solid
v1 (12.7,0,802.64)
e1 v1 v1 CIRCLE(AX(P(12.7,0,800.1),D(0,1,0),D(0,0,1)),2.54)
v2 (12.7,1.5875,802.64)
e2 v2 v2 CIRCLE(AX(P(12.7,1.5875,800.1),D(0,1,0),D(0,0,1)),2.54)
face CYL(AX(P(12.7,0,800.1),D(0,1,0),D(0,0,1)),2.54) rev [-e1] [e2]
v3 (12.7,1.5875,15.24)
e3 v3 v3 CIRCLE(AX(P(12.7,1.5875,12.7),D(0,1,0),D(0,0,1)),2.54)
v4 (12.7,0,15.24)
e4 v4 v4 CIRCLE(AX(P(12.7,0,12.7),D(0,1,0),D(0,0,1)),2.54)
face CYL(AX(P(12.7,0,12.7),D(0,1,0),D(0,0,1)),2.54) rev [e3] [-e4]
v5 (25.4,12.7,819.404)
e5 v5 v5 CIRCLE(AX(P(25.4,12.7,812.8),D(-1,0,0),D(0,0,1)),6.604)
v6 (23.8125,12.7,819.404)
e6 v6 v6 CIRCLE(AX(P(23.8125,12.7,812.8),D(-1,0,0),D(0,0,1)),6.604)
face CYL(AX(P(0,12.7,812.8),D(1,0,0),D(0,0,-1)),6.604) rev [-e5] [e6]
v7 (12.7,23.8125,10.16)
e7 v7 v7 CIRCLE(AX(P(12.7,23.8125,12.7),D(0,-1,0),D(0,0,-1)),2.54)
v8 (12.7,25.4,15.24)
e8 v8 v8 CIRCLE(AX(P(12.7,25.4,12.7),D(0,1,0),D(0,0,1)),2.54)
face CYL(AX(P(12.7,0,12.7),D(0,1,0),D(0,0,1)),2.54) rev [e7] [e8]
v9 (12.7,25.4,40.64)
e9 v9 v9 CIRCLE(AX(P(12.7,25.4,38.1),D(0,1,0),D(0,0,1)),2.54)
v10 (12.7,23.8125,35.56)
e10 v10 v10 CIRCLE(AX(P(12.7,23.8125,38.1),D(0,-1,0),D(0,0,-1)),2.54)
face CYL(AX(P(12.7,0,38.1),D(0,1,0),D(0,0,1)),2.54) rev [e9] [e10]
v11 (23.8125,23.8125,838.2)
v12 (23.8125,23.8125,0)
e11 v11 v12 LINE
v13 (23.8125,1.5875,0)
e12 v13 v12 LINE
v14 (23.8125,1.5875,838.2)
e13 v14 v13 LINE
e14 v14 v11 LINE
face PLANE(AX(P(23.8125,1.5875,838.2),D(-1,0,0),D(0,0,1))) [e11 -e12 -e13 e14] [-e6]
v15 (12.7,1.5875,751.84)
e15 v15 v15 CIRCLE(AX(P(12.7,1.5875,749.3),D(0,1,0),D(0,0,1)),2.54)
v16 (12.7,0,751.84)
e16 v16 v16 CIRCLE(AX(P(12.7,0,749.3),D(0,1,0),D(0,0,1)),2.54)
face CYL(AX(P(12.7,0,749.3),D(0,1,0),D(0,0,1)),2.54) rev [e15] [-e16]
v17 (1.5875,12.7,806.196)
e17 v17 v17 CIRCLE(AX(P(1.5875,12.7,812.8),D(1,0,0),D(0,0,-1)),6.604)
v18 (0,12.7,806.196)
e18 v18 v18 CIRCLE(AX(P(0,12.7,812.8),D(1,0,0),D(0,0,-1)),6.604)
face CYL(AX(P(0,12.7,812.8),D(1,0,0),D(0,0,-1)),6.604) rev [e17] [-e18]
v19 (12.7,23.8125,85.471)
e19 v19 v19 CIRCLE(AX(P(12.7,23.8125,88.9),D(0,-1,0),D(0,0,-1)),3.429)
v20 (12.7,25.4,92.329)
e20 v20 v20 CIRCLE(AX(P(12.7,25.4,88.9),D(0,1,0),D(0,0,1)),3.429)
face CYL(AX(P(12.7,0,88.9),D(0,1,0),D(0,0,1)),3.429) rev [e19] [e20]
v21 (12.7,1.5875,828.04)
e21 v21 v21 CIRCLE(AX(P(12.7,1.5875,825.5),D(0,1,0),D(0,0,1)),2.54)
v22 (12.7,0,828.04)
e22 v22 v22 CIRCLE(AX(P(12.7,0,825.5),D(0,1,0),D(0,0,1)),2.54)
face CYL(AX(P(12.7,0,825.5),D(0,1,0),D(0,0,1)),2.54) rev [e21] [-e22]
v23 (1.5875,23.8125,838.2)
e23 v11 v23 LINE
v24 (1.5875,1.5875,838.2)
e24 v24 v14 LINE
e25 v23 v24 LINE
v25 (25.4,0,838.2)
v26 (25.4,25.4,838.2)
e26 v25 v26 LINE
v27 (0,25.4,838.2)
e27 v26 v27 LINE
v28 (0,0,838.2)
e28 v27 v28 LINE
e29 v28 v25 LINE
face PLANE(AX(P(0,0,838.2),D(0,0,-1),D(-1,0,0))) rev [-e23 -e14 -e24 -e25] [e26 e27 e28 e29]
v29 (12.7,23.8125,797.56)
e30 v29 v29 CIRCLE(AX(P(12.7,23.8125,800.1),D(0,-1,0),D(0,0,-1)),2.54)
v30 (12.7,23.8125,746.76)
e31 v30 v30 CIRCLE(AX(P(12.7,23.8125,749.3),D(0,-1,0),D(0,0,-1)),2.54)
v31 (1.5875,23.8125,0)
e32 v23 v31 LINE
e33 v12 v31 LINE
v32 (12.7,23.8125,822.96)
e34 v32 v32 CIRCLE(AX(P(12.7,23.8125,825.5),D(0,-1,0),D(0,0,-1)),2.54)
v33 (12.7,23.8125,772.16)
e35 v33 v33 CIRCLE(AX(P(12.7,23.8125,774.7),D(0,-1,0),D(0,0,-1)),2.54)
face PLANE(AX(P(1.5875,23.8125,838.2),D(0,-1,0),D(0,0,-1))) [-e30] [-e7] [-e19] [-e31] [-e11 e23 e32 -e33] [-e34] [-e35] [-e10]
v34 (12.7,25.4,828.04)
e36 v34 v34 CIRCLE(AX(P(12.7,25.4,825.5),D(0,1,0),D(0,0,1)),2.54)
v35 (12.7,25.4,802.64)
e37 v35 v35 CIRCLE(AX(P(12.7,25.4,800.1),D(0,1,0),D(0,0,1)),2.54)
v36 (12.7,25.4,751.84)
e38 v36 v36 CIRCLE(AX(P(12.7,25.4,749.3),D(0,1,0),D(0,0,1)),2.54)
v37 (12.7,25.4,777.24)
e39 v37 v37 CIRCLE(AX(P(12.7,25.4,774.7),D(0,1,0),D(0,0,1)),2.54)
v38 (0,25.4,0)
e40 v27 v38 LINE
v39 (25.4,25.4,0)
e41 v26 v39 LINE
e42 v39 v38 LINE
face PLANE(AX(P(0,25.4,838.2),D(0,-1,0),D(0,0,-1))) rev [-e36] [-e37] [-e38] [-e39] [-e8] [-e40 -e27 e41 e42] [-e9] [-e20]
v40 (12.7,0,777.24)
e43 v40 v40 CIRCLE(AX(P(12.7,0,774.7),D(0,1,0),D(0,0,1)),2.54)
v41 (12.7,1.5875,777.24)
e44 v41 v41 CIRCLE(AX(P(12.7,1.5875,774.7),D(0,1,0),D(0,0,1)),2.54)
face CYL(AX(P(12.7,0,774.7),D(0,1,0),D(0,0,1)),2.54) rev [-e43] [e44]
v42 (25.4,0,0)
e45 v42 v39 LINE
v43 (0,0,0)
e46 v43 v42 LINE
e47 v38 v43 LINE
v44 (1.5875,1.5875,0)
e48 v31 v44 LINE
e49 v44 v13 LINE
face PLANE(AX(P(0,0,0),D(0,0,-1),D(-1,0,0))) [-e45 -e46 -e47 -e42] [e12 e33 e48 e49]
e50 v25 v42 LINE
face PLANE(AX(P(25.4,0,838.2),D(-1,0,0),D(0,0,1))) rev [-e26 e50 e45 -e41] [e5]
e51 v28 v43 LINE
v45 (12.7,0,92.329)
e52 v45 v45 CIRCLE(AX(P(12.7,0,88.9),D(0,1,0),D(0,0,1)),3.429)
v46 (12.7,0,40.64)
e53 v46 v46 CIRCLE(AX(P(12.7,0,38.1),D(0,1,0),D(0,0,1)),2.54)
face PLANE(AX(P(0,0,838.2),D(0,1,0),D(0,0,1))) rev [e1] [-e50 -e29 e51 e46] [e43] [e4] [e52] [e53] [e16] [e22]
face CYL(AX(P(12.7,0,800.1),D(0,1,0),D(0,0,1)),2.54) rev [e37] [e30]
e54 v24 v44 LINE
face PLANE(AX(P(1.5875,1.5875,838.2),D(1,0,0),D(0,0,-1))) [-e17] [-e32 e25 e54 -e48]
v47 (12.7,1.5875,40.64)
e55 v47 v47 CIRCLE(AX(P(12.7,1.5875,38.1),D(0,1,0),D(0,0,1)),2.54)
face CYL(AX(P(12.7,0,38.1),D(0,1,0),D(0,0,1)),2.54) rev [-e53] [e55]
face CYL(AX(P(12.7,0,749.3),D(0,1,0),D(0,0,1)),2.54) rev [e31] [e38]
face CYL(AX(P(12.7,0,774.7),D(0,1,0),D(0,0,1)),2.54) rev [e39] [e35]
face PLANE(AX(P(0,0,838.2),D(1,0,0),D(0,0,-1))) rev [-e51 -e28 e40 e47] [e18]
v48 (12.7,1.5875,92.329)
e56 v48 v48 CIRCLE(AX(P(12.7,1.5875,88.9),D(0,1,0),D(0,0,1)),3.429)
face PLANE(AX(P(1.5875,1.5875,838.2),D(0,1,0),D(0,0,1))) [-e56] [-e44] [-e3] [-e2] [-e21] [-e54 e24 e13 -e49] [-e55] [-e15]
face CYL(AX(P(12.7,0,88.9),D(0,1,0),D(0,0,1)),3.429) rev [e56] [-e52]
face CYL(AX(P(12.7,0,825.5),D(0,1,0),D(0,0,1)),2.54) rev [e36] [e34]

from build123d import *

# Parameters (mm, degrees)
SKETCH1_W               = 25.4
SKETCH1_H               = 25.4
SKETCH1_W_2             = 22.225
SKETCH1_H_2             = 22.225
BOSS_EXTRUDE1_DEPTH     = 838.2
SKETCH3_R               = 2.54
SKETCH3_R_2             = 3.429
CUT_EXTRUDE2_DEPTH      = 839.969343898
CUT_EXTRUDE3_DEPTH      = 839.969343898
CUT_EXTRUDE3_DEPTH_BACK = 839.969343898
SKETCH4_R               = 6.604


with BuildPart() as part:
    # Sketch1 → Boss-Extrude1 (new body)
    with BuildSketch(Plane.XY):
        with Locations((12.7, 12.7)):
            Rectangle(SKETCH1_W, SKETCH1_H)
        with Locations((12.7, 12.7)):
            Rectangle(SKETCH1_W_2, SKETCH1_H_2, mode=Mode.SUBTRACT)
    extrude(amount=BOSS_EXTRUDE1_DEPTH)

    # Sketch3 → Cut-Extrude2 (cut, through all)
    with BuildSketch(Plane(origin=(0, 25.4, 0), x_dir=(1, 0, 0), z_dir=(0, 1, 0))):
        with Locations(Location((12.7, -12.7, 0), (0, 0, 270))):
            Circle(SKETCH3_R)
        with Locations(Location((12.7, -825.5, 0), (0, 0, 270))):
            Circle(SKETCH3_R)
        with Locations(Location((12.7, -38.1, 0), (0, 0, 270))):
            Circle(SKETCH3_R)
        with Locations(Location((12.7, -88.9, 0), (0, 0, 270))):
            Circle(SKETCH3_R_2)
        with Locations(Location((12.7, -800.1, 0), (0, 0, 270))):
            Circle(SKETCH3_R)
        with Locations(Location((12.7, -774.7, 0), (0, 0, 270))):
            Circle(SKETCH3_R)
        with Locations(Location((12.7, -749.3, 0), (0, 0, 270))):
            Circle(SKETCH3_R)
    extrude(amount=-CUT_EXTRUDE2_DEPTH, mode=Mode.SUBTRACT)

    # Sketch4 → Cut-Extrude3 (cut, two sides: drawn at the far end of the back side and taken through both)
    with BuildSketch(Plane(origin=(25.4, 0, 0), x_dir=(0, 0, -1), z_dir=(1, 0, 0)).offset(-CUT_EXTRUDE3_DEPTH_BACK)):
        with Locations(Location((-812.8, 12.7, 0), (0, 0, 180))):
            Circle(SKETCH4_R)
    extrude(amount=CUT_EXTRUDE3_DEPTH + CUT_EXTRUDE3_DEPTH_BACK, mode=Mode.SUBTRACT)


solid = part.part
